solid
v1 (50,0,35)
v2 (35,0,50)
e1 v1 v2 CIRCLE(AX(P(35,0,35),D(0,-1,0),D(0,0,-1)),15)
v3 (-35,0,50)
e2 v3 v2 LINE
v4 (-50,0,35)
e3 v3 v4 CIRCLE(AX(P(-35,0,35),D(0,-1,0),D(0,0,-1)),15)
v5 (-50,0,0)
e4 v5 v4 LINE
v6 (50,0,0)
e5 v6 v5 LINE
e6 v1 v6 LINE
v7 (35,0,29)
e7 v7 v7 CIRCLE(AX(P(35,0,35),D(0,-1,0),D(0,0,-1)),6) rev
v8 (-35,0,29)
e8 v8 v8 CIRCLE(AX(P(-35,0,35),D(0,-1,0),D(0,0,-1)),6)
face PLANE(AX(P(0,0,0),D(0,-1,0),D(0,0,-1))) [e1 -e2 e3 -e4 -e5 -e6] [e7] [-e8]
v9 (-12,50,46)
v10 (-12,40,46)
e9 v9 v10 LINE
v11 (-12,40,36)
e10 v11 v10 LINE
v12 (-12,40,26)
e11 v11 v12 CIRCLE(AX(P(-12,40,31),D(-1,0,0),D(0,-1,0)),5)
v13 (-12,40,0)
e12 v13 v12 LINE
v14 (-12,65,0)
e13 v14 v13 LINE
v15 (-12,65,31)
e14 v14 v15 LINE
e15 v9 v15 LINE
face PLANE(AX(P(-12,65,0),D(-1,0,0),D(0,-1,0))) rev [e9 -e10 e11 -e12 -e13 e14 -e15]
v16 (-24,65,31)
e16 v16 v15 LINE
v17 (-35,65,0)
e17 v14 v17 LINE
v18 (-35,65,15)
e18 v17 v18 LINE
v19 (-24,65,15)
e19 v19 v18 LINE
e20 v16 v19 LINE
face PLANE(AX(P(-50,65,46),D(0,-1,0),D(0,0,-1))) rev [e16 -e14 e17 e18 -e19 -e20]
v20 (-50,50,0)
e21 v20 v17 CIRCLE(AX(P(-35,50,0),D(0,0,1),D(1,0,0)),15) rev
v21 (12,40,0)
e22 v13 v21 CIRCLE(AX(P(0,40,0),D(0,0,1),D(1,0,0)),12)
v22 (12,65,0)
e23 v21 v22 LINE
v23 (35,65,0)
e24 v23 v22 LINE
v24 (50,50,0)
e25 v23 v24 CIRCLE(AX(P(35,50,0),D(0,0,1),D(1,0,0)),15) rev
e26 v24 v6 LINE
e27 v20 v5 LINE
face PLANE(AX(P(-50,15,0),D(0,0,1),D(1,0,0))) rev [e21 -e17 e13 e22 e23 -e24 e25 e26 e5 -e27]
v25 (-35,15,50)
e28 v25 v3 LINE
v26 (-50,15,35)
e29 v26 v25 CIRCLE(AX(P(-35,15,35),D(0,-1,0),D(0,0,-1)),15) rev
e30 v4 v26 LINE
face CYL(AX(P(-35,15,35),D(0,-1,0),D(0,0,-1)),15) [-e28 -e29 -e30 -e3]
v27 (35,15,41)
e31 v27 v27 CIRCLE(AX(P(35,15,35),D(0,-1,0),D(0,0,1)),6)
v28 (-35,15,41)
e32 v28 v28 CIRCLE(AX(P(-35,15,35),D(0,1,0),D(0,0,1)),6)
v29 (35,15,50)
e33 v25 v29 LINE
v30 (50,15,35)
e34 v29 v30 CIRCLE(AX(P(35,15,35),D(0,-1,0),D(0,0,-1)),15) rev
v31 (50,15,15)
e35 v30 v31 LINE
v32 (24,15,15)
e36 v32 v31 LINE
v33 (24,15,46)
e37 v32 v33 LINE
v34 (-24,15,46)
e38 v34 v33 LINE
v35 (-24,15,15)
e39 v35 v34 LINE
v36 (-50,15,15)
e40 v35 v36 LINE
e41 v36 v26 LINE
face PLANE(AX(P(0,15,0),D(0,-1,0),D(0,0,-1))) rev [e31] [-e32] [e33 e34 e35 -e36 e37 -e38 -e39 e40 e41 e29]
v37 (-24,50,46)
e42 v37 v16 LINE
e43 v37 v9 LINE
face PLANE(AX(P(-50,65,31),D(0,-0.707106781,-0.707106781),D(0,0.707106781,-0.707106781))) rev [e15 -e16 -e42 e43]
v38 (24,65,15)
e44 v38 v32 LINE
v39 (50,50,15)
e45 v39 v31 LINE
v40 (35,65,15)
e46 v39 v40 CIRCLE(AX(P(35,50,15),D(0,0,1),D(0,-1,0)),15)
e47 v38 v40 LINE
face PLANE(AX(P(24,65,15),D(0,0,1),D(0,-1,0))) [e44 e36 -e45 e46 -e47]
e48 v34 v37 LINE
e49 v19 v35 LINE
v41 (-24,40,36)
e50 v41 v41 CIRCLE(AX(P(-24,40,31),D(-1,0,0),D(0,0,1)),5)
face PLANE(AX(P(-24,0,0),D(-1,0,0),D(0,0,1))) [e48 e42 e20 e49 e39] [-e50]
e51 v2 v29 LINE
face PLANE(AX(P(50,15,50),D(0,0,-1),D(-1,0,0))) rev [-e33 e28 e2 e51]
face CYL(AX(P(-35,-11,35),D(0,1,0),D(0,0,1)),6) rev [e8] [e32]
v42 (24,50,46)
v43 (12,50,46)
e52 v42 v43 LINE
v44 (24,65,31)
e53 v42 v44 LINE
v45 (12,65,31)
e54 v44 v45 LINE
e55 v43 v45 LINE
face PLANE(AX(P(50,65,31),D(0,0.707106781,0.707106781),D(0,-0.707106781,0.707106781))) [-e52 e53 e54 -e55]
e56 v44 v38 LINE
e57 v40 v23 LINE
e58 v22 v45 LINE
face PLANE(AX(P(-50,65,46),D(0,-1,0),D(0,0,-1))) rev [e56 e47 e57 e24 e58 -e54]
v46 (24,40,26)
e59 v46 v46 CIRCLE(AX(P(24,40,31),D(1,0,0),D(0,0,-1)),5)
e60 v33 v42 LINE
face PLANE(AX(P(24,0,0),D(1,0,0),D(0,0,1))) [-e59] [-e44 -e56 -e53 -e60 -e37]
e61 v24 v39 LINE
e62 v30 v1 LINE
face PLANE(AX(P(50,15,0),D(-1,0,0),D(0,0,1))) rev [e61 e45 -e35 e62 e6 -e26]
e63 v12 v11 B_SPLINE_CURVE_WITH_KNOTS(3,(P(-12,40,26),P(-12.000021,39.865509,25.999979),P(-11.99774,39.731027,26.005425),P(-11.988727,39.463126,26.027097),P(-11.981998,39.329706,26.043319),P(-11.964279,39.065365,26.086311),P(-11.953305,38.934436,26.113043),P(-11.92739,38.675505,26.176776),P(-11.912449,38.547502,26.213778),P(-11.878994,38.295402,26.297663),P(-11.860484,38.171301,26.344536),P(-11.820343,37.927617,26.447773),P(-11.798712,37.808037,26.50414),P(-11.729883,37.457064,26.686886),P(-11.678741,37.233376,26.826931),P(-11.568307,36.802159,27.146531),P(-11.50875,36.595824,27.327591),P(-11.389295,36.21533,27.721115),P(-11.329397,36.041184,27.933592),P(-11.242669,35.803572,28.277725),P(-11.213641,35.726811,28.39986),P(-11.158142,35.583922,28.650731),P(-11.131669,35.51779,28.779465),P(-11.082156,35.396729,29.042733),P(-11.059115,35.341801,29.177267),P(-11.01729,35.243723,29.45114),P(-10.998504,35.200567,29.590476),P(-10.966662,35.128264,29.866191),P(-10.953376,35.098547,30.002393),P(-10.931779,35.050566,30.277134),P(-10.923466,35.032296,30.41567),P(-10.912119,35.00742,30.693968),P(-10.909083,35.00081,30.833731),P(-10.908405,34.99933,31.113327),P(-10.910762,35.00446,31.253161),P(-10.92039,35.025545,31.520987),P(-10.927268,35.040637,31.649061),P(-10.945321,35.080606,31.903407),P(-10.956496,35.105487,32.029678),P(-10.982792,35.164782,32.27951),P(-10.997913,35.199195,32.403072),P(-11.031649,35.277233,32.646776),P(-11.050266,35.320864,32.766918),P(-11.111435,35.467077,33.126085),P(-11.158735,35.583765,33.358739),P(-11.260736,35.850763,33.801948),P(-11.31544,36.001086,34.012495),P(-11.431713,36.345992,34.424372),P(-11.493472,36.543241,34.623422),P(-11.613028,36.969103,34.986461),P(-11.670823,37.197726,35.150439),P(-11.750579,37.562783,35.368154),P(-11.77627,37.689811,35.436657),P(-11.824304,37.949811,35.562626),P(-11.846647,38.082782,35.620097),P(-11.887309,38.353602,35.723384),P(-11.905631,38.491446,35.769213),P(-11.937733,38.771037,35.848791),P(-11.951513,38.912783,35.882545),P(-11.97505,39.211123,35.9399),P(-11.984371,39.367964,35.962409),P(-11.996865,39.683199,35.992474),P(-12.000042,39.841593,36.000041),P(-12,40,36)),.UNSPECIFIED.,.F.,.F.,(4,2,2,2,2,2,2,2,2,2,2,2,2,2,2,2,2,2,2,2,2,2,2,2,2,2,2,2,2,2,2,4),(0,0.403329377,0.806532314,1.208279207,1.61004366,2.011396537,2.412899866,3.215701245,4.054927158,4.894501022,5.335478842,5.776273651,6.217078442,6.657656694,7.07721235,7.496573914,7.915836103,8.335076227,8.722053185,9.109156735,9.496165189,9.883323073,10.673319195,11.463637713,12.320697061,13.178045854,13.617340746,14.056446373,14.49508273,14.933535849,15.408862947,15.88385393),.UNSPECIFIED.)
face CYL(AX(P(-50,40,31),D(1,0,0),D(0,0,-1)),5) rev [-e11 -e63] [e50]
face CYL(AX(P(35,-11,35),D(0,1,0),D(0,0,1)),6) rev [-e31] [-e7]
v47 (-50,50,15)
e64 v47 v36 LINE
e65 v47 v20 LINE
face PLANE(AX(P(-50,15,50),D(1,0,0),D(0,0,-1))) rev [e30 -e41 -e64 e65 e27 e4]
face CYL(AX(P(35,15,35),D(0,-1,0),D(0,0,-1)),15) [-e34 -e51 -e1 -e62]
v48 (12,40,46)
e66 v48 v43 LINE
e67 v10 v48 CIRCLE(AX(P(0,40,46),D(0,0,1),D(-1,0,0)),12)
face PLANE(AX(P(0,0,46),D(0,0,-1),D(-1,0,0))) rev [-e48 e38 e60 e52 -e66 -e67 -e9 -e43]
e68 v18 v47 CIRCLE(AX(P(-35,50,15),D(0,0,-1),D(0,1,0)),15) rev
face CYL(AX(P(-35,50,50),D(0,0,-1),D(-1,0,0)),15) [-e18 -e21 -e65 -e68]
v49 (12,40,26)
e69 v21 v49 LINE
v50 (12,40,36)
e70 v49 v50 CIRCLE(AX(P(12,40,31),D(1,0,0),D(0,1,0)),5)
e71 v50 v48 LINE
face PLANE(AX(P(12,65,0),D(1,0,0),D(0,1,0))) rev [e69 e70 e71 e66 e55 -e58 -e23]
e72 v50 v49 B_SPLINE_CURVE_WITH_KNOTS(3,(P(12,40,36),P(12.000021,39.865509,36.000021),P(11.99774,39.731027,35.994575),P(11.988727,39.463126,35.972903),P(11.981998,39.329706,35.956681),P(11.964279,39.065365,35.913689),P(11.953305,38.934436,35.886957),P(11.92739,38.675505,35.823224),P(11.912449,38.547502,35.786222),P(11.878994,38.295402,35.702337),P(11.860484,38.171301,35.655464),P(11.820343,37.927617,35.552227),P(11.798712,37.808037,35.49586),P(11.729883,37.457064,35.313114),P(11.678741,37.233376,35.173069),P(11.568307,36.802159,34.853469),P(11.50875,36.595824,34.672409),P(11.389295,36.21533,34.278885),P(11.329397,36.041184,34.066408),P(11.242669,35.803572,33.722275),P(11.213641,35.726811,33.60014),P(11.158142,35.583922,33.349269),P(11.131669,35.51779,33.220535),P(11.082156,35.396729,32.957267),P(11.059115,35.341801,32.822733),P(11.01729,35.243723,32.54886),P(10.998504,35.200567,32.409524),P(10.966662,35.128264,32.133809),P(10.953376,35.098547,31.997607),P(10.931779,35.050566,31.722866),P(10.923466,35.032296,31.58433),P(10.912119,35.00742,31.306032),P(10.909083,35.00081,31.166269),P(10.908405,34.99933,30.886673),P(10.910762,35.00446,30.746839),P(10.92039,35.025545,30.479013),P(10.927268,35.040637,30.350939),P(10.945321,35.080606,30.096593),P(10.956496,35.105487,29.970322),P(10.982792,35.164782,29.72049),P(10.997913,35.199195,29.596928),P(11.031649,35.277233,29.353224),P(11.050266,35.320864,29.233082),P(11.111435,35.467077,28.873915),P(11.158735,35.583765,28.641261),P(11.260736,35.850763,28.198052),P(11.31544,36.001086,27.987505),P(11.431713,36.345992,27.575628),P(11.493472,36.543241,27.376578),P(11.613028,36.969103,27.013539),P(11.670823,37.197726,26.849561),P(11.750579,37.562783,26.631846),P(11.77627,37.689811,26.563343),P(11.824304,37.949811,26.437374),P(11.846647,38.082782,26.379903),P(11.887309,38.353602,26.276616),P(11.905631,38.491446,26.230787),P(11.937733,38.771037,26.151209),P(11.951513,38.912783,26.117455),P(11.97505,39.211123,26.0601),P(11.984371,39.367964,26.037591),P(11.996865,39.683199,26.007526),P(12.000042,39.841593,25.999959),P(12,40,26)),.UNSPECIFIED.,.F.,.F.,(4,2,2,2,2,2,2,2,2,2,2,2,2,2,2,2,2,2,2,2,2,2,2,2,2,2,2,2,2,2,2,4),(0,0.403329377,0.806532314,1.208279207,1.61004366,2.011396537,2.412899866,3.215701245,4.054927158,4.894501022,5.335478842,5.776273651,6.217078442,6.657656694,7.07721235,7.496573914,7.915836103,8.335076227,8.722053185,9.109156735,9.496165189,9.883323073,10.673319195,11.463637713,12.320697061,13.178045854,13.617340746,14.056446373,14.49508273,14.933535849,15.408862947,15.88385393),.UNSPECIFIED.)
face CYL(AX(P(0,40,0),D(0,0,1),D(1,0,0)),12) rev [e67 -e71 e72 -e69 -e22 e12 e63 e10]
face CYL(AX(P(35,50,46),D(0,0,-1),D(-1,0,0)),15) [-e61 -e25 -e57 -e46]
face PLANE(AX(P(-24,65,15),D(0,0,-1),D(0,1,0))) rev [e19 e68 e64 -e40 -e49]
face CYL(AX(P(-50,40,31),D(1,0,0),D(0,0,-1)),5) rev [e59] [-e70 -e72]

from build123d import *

# Parameters (mm, degrees)
SKETCH1_W           = 100
SKETCH1_H           = 50
BOSS_EXTRUDE1_DEPTH = 15
SKETCH2_W           = 100
SKETCH2_H           = 65
BOSS_EXTRUDE2_DEPTH = 46
CUT_EXTRUDE1_DEPTH  = 47
CUT_EXTRUDE2_DEPTH  = 39
CUT_EXTRUDE3_DEPTH  = 26
FILLET1_R           = 15
SKETCH6_R           = 5
CUT_EXTRUDE4_DEPTH  = 75
SKETCH7_R           = 6
CUT_EXTRUDE5_DEPTH  = 26


with BuildPart() as part:
    # Sketch1 → Boss-Extrude1 (new body)
    with BuildSketch(Plane(origin=(0, 0, 0), x_dir=(1, 0, 0), z_dir=(0, 1, 0))):
        with Locations((0, -25)):
            Rectangle(SKETCH1_W, SKETCH1_H)
    extrude(amount=BOSS_EXTRUDE1_DEPTH)

    # Sketch2 → Boss-Extrude2 (add)
    with BuildSketch(Plane.XY):
        with Locations((0, 32.5)):
            Rectangle(SKETCH2_W, SKETCH2_H)
    extrude(amount=BOSS_EXTRUDE2_DEPTH)

    # Sketch3 → Cut-Extrude1 (cut, through all)
    with BuildSketch(Plane.XY.offset(46)):
        with BuildLine():
            Line((-12, 65), (-12, 40))
            ThreePointArc((-12, 40), (-8.485281374, 31.514718626), (0, 28))
            ThreePointArc((0, 28), (8.485281374, 31.514718626), (12, 40))
            Line((12, 40), (12, 65))
            Line((12, 65), (-12, 65))
        make_face()
    extrude(amount=-CUT_EXTRUDE1_DEPTH, mode=Mode.SUBTRACT)

    # Sketch4 → Cut-Extrude2 (cut, through all)
    with BuildSketch(Plane(origin=(-12, 0, 0), x_dir=(0, 0, -1), z_dir=(1, 0, 0))):
        Polygon((-31, 65), (-46, 50), (-46, 65), align=None)
    cut_extrude2 = extrude(amount=-CUT_EXTRUDE2_DEPTH, mode=Mode.SUBTRACT)

    # Mirror1: Cut-Extrude2 across plane
    add(cut_extrude2.mirror(Plane(origin=(0, 0, 0), x_dir=(0, 0, 1), z_dir=(1, 0, 0))), mode=Mode.SUBTRACT)

    # Sketch5 → Cut-Extrude3 (cut)
    with BuildSketch(Plane.ZY.offset(50)):
        Polygon((15, 65), (15, 15), (46, 15), (46, 50), (31, 65), align=None)
    cut_extrude3 = extrude(amount=-CUT_EXTRUDE3_DEPTH, mode=Mode.SUBTRACT)

    # Mirror2: Cut-Extrude3 across plane
    add(cut_extrude3.mirror(Plane(origin=(0, 0, 0), x_dir=(0, 0, 1), z_dir=(1, 0, 0))), mode=Mode.SUBTRACT)

    # Fillet1
    fillet1_edges = [part.edges().sort_by_distance(p)[0] for p in [
        (-50, 65, 7.5),
        (50, 7.5, 50),
        (-50, 7.5, 50),
        (50, 65, 7.5),
    ]]
    fillet(fillet1_edges, radius=FILLET1_R)

    # Sketch6 → Cut-Extrude4 (cut, through all)
    with BuildSketch(Plane(origin=(24, 0, 0), x_dir=(0, 0, -1), z_dir=(1, 0, 0))):
        with Locations((-31, 40)):
            Circle(SKETCH6_R)
    extrude(amount=-CUT_EXTRUDE4_DEPTH, mode=Mode.SUBTRACT)

    # Sketch7 → Cut-Extrude5 (cut)
    with BuildSketch(Plane(origin=(0, 15, 0), x_dir=(1, 0, 0), z_dir=(0, 1, 0))):
        with Locations((-35, -35)):
            Circle(SKETCH7_R)
    cut_extrude5 = extrude(amount=-CUT_EXTRUDE5_DEPTH, mode=Mode.SUBTRACT)

    # Mirror3: Cut-Extrude5 across plane
    add(cut_extrude5.mirror(Plane(origin=(0, 0, 0), x_dir=(0, 0, 1), z_dir=(1, 0, 0))), mode=Mode.SUBTRACT)


solid = part.part
